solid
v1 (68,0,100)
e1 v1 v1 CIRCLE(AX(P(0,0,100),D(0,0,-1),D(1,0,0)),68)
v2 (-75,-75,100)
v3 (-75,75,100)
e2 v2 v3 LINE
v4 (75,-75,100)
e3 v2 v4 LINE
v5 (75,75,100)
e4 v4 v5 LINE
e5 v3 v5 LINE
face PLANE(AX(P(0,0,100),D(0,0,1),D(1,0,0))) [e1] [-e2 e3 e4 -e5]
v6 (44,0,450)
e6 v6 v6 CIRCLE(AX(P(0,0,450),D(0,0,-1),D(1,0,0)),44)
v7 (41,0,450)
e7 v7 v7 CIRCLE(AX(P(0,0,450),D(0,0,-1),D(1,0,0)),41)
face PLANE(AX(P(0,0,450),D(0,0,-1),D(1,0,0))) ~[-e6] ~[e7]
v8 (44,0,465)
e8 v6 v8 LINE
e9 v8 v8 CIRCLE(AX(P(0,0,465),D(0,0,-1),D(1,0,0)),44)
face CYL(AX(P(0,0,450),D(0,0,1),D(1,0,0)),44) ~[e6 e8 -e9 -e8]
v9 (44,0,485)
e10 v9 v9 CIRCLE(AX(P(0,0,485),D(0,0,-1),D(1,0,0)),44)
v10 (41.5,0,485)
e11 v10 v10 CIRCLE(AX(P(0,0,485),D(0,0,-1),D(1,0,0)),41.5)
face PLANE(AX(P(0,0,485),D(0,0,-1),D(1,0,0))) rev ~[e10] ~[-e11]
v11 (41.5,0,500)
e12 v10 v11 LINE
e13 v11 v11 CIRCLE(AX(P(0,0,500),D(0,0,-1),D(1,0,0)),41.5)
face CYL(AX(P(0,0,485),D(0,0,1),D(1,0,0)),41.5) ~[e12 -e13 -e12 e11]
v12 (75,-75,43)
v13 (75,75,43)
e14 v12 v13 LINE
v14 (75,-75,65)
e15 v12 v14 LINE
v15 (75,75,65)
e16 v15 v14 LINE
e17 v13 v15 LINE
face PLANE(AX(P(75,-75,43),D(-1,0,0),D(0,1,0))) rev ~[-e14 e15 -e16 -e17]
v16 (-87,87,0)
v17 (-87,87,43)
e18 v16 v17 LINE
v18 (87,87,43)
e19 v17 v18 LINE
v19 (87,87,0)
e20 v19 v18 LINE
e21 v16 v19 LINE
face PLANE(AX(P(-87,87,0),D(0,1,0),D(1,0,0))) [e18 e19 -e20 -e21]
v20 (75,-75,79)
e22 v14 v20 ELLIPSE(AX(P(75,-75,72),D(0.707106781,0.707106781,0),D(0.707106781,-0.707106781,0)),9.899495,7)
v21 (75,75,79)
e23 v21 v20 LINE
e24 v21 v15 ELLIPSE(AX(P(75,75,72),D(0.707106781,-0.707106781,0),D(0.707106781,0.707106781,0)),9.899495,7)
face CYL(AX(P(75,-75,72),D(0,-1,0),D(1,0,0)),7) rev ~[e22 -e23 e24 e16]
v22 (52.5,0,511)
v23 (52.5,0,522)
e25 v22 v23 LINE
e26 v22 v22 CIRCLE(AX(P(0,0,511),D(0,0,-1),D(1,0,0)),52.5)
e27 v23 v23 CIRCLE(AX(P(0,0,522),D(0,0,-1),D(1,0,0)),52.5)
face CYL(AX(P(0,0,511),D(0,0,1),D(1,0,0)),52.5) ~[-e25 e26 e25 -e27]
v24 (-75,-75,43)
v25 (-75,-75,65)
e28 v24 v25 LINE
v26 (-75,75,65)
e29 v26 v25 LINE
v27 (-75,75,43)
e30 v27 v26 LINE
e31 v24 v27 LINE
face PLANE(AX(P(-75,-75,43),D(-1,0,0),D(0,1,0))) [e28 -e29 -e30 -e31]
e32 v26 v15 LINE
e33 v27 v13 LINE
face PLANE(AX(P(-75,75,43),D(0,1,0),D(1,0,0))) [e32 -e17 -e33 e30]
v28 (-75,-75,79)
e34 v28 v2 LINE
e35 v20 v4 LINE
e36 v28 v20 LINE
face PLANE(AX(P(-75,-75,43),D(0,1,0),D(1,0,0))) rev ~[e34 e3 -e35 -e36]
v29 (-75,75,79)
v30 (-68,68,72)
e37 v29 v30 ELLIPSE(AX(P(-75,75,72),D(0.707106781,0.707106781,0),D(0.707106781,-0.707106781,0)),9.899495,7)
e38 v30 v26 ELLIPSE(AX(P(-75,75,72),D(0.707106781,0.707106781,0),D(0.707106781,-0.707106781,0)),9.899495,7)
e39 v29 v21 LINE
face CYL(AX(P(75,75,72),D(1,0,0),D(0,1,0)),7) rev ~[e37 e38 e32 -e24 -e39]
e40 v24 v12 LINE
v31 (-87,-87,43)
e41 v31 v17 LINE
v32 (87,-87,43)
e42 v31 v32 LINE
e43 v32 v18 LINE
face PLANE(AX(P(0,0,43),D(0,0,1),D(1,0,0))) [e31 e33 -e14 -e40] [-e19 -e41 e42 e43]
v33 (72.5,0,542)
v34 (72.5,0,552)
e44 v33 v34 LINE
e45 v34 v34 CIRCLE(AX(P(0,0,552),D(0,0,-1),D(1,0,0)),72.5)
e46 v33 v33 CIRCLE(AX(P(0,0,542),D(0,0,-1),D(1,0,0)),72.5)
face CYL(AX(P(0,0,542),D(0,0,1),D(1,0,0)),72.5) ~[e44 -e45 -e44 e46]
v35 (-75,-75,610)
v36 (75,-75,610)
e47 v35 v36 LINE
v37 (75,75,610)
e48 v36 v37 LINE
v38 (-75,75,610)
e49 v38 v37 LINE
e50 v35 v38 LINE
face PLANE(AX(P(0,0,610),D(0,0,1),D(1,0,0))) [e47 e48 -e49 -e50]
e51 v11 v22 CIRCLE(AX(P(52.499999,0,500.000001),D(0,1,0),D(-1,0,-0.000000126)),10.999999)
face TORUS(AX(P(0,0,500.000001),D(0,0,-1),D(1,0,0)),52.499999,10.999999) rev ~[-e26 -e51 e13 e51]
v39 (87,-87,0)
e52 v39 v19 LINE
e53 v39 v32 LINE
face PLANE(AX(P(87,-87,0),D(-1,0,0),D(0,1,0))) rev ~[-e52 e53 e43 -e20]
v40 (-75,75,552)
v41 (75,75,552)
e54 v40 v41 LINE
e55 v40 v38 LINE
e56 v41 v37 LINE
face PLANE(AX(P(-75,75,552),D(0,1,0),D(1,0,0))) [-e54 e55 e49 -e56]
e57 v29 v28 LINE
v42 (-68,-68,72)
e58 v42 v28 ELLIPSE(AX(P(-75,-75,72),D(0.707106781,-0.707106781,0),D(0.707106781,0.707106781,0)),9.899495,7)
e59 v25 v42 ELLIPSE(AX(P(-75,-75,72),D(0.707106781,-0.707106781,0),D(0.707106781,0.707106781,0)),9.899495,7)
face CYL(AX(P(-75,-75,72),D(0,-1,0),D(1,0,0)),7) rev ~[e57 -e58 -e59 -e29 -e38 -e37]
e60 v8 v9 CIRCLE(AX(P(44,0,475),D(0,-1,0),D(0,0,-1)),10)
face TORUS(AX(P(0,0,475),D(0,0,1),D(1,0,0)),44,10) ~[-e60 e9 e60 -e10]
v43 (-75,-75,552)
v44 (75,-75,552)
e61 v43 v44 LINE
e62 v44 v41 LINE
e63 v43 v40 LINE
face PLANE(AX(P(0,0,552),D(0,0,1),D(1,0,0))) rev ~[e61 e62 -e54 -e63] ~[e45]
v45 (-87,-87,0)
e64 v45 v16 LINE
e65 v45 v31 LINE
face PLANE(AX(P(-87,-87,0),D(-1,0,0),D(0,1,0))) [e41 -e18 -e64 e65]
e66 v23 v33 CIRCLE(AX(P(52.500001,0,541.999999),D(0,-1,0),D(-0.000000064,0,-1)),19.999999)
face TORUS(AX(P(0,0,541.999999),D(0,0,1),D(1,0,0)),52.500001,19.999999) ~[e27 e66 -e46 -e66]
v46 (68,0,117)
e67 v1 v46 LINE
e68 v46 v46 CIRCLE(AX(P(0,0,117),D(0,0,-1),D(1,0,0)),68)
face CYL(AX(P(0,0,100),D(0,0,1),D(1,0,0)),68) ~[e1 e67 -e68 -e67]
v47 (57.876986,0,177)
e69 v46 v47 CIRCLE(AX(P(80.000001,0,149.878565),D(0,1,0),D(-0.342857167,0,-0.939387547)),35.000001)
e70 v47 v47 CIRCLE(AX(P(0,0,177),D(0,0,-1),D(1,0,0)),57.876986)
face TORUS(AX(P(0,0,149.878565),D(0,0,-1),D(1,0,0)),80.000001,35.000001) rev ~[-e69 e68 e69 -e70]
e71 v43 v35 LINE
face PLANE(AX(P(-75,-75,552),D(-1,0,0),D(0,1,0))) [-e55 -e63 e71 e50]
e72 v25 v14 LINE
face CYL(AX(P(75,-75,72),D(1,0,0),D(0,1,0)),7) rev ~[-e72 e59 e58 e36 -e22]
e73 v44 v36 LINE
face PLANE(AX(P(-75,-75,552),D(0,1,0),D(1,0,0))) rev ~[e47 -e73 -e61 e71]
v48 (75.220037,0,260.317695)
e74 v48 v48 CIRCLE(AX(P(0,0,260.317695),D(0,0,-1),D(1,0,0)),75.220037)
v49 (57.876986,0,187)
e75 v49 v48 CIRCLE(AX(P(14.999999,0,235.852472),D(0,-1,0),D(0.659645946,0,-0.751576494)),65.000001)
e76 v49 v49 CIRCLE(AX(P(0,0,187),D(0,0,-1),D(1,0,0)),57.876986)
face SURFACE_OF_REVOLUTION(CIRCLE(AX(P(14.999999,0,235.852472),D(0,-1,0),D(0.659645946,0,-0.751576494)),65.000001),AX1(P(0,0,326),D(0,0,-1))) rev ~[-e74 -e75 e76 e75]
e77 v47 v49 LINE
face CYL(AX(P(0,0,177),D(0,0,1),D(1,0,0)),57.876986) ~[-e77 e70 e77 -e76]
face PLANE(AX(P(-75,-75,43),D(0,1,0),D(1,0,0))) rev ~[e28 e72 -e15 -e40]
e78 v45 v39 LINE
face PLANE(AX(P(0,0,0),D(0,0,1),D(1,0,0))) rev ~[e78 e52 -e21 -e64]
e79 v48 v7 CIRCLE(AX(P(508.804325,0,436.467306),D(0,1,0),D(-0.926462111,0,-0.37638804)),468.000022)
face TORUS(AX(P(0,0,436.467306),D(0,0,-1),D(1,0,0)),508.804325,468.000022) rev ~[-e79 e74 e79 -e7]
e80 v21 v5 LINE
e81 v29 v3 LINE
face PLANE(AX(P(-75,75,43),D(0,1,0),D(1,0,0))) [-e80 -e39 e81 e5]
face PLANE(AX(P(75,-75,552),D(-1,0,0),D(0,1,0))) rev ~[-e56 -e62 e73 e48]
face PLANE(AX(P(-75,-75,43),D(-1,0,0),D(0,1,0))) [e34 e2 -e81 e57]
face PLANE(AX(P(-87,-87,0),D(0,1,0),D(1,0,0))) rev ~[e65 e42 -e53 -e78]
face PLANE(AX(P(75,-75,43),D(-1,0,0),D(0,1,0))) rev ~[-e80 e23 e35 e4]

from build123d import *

# Parameters (mm, degrees)
F0_W      = 174
F0_H      = 174
F1_DEPTH  = 43
F2_W      = 150
F2_H      = 150
F3_DEPTH  = 57
F4_R      = 7
F5_DEPTH  = 162.001
F6_R      = 7
F7_DEPTH  = 162.001
F10_W     = 150
F10_H     = 150
F11_DEPTH = 58


with BuildPart() as f1:
    # F0 (on Top) → F1 (new body)
    with BuildSketch(Plane.XY):
        Rectangle(F0_W, F0_H)
    extrude(amount=F1_DEPTH)

    # F2 (on face) → F3 (join)
    with BuildSketch(Plane.XY.offset(43)):
        Rectangle(F2_W, F2_H)
    extrude(amount=F3_DEPTH)

    # F4 (on face) → F5 (cut, through all)
    with BuildSketch(Plane.YZ.offset(75)):
        with Locations((75, 72)):
            Circle(F4_R)
        with Locations((-75, 72)):
            Circle(F4_R)
    extrude(amount=-F5_DEPTH, mode=Mode.SUBTRACT)

    # F6 (on face) → F7 (cut, through all)
    with BuildSketch(Plane.XZ.offset(75)):
        with Locations((75, 72)):
            Circle(F6_R)
        with Locations((-75, 72)):
            Circle(F6_R)
    extrude(amount=-F7_DEPTH, mode=Mode.SUBTRACT)

    # F8 (on Front) → F9 (revolve)
    with BuildSketch(Plane.XZ):
        with BuildLine():
            Line((0, 552), (0, 100))
            Line((0, 100), (68, 100))
            Line((68, 100), (68, 117))
            ThreePointArc((68, 117), (45.487756, 144.055766), (57.876986, 177))
            Line((57.876986, 177), (57.876986, 187))
            ThreePointArc((57.876986, 187), (78.254408, 220.889858), (75.220037, 260.317695))
            ThreePointArc((75.220037, 260.317695), (48.239235, 353.378088), (41, 450))
            Line((41, 450), (44, 450))
            Line((44, 450), (44, 465))
            ThreePointArc((44, 465), (54, 475), (44, 485))
            Line((44, 485), (41.5, 485))
            Line((41.5, 485), (41.5, 500))
            ThreePointArc((41.5, 500), (44.721825, 507.778175), (52.5, 511))
            Line((52.5, 511), (52.5, 522))
            ThreePointArc((52.5, 522), (66.642136, 527.857864), (72.5, 542))
            Line((72.5, 542), (72.5, 552))
            Line((72.5, 552), (0, 552))
        make_face()
    revolve(axis=Axis((0, 0, 326), (0, 0, -1)))

    # F10 (on face) → F11 (join)
    with BuildSketch(Plane.XY.offset(552)):
        Rectangle(F10_W, F10_H)
    extrude(amount=F11_DEPTH)


solid = f1.part
